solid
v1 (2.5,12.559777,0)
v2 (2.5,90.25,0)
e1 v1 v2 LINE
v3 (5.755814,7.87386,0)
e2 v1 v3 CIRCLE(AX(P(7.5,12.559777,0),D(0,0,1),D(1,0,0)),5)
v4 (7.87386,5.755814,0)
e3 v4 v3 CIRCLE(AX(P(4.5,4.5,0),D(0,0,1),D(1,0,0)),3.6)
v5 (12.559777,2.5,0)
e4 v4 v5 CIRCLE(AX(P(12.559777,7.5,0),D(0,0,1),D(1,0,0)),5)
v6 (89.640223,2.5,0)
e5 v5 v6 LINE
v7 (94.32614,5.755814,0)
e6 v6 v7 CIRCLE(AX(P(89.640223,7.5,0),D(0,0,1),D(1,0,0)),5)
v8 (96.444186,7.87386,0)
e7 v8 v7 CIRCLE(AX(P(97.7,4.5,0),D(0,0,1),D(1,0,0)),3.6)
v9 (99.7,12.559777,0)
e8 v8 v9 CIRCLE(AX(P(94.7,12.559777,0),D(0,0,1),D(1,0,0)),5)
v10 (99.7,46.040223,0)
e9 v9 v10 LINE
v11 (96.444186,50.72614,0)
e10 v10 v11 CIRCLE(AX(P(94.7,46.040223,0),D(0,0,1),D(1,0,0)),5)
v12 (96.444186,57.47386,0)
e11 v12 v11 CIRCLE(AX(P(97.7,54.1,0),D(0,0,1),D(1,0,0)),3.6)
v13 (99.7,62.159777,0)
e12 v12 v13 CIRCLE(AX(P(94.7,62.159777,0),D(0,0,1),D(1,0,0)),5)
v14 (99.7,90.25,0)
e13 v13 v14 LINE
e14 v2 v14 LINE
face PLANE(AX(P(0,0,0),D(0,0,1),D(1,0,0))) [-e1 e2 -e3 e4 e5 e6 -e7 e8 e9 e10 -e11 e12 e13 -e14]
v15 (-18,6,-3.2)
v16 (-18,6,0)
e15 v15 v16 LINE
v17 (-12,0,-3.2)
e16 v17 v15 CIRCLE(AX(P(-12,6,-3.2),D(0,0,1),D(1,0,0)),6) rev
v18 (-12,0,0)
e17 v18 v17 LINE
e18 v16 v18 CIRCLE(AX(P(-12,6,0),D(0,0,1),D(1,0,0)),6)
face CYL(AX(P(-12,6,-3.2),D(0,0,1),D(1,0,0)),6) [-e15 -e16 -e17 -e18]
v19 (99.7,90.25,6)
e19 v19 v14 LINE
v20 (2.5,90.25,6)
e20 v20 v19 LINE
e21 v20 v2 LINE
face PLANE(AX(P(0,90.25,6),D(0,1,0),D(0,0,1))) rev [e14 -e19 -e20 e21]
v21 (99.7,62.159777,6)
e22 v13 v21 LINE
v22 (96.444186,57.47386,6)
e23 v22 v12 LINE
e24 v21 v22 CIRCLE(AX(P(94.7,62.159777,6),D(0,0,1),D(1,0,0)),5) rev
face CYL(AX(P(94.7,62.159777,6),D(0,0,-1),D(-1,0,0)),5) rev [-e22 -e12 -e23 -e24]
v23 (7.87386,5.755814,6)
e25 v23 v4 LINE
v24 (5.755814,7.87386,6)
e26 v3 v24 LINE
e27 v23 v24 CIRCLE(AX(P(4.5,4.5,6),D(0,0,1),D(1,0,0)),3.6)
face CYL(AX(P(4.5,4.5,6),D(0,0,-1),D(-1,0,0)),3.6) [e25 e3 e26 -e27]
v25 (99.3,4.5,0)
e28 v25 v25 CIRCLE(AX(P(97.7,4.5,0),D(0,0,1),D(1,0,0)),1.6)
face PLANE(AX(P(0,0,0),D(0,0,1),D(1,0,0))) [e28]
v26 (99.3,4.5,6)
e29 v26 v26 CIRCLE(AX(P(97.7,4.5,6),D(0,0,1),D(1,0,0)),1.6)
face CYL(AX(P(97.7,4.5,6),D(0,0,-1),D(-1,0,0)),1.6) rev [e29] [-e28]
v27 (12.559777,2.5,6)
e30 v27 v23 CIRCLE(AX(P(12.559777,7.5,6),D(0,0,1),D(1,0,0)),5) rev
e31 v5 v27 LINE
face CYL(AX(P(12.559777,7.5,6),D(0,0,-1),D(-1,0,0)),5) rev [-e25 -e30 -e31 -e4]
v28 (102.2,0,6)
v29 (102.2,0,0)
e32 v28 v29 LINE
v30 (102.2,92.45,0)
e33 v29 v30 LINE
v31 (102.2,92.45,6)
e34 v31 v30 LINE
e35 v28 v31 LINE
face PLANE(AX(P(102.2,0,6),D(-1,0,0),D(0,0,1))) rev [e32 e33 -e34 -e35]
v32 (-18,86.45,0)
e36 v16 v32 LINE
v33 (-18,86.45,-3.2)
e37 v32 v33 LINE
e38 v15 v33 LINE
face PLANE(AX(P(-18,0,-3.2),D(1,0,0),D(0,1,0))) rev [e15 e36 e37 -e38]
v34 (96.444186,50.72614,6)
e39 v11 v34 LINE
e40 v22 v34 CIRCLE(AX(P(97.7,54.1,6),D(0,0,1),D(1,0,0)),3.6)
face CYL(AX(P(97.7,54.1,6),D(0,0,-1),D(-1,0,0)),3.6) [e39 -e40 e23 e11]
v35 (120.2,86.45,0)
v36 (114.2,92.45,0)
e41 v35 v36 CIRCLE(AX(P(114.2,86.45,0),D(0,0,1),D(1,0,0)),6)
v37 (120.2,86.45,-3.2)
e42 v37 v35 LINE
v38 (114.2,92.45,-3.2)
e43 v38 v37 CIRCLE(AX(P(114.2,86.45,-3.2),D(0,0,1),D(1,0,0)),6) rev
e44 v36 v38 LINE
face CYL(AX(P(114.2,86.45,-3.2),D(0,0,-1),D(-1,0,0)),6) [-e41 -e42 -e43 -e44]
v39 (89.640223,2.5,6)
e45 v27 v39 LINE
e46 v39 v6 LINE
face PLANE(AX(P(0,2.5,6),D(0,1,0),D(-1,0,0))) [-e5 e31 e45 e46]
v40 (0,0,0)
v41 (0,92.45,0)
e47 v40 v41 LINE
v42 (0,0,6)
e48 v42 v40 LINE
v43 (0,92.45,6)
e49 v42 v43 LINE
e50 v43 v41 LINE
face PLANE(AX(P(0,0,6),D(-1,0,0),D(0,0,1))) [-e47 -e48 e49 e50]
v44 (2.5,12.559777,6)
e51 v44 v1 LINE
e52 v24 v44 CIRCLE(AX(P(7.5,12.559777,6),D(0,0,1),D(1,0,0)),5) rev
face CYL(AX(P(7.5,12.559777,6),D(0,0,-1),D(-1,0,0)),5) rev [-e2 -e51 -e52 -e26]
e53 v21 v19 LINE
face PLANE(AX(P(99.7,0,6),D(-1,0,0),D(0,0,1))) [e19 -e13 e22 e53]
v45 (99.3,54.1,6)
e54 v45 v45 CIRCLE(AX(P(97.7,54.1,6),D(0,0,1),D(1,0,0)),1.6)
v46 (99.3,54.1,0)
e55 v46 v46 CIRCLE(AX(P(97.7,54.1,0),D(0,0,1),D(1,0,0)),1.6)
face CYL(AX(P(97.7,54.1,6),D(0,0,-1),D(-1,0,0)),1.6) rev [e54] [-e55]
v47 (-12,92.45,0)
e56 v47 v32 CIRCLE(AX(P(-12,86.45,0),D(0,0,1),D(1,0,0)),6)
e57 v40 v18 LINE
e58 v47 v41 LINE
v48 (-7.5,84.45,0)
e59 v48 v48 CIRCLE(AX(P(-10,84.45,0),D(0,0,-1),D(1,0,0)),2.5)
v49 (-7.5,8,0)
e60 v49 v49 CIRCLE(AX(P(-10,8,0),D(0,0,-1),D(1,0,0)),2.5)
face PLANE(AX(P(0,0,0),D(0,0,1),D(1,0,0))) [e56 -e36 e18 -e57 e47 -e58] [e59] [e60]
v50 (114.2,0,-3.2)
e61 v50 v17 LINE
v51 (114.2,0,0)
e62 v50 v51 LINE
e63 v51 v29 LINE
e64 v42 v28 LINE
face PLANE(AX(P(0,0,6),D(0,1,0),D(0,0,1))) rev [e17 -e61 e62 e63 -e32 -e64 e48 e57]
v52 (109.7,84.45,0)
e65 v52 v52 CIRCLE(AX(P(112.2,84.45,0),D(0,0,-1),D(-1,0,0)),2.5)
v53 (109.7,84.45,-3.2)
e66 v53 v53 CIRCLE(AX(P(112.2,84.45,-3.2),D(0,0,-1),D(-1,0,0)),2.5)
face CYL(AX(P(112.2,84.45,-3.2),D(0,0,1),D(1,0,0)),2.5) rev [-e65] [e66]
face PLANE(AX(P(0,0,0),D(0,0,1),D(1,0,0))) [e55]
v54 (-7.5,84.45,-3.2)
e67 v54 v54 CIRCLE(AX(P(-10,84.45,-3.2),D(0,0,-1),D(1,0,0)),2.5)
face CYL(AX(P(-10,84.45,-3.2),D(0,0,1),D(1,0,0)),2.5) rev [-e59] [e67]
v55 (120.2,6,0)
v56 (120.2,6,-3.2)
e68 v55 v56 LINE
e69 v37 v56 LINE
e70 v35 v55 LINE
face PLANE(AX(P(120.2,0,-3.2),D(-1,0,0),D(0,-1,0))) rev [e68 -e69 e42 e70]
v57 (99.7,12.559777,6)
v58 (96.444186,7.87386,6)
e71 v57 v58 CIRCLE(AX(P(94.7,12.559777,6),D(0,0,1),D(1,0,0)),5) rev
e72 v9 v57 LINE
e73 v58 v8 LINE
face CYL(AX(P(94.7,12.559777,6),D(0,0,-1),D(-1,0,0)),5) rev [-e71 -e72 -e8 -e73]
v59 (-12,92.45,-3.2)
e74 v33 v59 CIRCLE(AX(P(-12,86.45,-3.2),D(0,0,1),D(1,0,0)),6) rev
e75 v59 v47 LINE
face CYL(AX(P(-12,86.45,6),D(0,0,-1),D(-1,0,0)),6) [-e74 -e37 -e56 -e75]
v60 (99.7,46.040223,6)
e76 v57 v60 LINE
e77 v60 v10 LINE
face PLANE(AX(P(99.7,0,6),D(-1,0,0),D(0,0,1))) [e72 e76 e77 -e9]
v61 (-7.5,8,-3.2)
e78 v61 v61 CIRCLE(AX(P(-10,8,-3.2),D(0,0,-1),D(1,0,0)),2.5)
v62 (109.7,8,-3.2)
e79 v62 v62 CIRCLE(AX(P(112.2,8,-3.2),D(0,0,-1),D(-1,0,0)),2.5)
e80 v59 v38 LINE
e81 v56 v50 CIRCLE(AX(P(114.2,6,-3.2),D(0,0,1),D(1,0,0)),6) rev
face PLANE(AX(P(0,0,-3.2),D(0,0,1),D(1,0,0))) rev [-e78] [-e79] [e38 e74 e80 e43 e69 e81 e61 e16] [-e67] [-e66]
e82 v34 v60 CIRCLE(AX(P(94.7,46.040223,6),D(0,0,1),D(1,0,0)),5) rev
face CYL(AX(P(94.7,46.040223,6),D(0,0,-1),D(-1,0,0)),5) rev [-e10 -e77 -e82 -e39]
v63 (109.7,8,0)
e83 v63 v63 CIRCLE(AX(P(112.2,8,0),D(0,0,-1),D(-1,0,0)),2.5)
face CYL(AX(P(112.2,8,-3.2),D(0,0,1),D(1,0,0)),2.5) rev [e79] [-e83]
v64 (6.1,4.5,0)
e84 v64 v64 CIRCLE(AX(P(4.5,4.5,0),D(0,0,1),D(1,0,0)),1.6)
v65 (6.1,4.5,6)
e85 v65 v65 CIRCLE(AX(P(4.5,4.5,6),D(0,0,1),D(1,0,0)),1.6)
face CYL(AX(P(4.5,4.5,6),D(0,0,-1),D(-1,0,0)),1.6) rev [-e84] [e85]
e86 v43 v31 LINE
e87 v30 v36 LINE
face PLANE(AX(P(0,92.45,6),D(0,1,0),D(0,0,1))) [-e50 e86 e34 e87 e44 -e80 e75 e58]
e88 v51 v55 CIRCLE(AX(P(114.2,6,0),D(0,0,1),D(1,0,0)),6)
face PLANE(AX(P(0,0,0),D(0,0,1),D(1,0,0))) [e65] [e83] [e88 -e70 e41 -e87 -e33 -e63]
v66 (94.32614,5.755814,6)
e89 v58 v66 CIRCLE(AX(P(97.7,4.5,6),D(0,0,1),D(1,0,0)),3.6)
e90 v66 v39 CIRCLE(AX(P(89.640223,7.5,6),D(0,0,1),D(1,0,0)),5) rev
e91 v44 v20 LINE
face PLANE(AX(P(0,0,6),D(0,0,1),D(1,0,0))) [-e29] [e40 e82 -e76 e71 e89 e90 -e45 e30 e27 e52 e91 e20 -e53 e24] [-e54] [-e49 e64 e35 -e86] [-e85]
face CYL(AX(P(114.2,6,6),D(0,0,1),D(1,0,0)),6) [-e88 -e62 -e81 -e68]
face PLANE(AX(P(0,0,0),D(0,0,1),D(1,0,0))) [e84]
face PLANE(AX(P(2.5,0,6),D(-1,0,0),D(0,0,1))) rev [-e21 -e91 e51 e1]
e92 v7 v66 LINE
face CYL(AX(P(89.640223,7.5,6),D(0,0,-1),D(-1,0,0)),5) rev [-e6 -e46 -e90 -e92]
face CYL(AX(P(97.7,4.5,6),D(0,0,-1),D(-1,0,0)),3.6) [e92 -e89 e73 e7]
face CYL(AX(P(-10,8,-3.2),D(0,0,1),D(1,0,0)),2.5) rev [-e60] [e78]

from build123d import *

# Parameters (mm, degrees)
SKETCH1_W           = 102.2
SKETCH1_H           = 92.45
SKETCH1_R           = 1.6
BOSS_EXTRUDE1_DEPTH = 6
SKETCH2_W           = 138.2
SKETCH2_H           = 92.45
SKETCH2_R           = 2.5
BOSS_EXTRUDE2_DEPTH = 3.2
FILLET1_R           = 6
FILLET2_R           = 5
FILLET3_R           = 5


with BuildPart() as part:
    # Sketch1 → Boss-Extrude1 (new body)
    with BuildSketch(Plane.XY):
        with Locations((51.1, 46.225)):
            Rectangle(SKETCH1_W, SKETCH1_H)
        with BuildLine():
            Line((94.706674091, 2.5), (7.493325909, 2.5))
            ThreePointArc((7.493325909, 2.5), (7.045584412, 7.045584412), (2.5, 7.493325909))
            Line((2.5, 7.493325909), (2.5, 90.25))
            Line((2.5, 90.25), (99.7, 90.25))
            Line((99.7, 90.25), (99.7, 57.093325909))
            ThreePointArc((99.7, 57.093325909), (94.1, 54.1), (99.7, 51.106674091))
            Line((99.7, 51.106674091), (99.7, 7.493325909))
            ThreePointArc((99.7, 7.493325909), (95.154415588, 7.045584412), (94.706674091, 2.5))
        make_face(mode=Mode.SUBTRACT)
        with Locations((4.5, 4.5)):
            Circle(SKETCH1_R, mode=Mode.SUBTRACT)
        with Locations((97.7, 4.5)):
            Circle(SKETCH1_R, mode=Mode.SUBTRACT)
        with Locations((97.7, 54.1)):
            Circle(SKETCH1_R, mode=Mode.SUBTRACT)
    extrude(amount=BOSS_EXTRUDE1_DEPTH)

    # Sketch2 → Boss-Extrude2 (add)
    with BuildSketch(Plane(origin=(0, 0, 0), x_dir=(-1, 0, 0), z_dir=(0, 0, -1))):
        with Locations((-51.1, 46.225)):
            Rectangle(SKETCH2_W, SKETCH2_H)
        with Locations((-112.2, 84.45)):
            Circle(SKETCH2_R, mode=Mode.SUBTRACT)
        with Locations((-112.2, 8)):
            Circle(SKETCH2_R, mode=Mode.SUBTRACT)
        with Locations((10, 8)):
            Circle(SKETCH2_R, mode=Mode.SUBTRACT)
        with Locations((10, 84.45)):
            Circle(SKETCH2_R, mode=Mode.SUBTRACT)
    extrude(amount=BOSS_EXTRUDE2_DEPTH)

    # Fillet1
    fillet1_edges = [part.edges().sort_by_distance(p)[0] for p in [
        (120.2, 92.45, -1.6),
        (120.2, 0, -1.6),
        (-18, 0, -1.6),
        (-18, 92.45, -1.6),
    ]]
    fillet(fillet1_edges, radius=FILLET1_R)

    # Fillet2
    fillet2_edges = [part.edges().sort_by_distance(p)[0] for p in [
        (99.7, 51.106674091, 3),
        (99.7, 57.093325909, 3),
    ]]
    fillet(fillet2_edges, radius=FILLET2_R)

    # Fillet3
    fillet3_edges = [part.edges().sort_by_distance(p)[0] for p in [
        (7.493325909, 2.5, 3),
        (94.706674091, 2.5, 3),
        (99.7, 7.493325909, 3),
        (2.5, 7.493325909, 3),
    ]]
    fillet(fillet3_edges, radius=FILLET3_R)


solid = part.part
